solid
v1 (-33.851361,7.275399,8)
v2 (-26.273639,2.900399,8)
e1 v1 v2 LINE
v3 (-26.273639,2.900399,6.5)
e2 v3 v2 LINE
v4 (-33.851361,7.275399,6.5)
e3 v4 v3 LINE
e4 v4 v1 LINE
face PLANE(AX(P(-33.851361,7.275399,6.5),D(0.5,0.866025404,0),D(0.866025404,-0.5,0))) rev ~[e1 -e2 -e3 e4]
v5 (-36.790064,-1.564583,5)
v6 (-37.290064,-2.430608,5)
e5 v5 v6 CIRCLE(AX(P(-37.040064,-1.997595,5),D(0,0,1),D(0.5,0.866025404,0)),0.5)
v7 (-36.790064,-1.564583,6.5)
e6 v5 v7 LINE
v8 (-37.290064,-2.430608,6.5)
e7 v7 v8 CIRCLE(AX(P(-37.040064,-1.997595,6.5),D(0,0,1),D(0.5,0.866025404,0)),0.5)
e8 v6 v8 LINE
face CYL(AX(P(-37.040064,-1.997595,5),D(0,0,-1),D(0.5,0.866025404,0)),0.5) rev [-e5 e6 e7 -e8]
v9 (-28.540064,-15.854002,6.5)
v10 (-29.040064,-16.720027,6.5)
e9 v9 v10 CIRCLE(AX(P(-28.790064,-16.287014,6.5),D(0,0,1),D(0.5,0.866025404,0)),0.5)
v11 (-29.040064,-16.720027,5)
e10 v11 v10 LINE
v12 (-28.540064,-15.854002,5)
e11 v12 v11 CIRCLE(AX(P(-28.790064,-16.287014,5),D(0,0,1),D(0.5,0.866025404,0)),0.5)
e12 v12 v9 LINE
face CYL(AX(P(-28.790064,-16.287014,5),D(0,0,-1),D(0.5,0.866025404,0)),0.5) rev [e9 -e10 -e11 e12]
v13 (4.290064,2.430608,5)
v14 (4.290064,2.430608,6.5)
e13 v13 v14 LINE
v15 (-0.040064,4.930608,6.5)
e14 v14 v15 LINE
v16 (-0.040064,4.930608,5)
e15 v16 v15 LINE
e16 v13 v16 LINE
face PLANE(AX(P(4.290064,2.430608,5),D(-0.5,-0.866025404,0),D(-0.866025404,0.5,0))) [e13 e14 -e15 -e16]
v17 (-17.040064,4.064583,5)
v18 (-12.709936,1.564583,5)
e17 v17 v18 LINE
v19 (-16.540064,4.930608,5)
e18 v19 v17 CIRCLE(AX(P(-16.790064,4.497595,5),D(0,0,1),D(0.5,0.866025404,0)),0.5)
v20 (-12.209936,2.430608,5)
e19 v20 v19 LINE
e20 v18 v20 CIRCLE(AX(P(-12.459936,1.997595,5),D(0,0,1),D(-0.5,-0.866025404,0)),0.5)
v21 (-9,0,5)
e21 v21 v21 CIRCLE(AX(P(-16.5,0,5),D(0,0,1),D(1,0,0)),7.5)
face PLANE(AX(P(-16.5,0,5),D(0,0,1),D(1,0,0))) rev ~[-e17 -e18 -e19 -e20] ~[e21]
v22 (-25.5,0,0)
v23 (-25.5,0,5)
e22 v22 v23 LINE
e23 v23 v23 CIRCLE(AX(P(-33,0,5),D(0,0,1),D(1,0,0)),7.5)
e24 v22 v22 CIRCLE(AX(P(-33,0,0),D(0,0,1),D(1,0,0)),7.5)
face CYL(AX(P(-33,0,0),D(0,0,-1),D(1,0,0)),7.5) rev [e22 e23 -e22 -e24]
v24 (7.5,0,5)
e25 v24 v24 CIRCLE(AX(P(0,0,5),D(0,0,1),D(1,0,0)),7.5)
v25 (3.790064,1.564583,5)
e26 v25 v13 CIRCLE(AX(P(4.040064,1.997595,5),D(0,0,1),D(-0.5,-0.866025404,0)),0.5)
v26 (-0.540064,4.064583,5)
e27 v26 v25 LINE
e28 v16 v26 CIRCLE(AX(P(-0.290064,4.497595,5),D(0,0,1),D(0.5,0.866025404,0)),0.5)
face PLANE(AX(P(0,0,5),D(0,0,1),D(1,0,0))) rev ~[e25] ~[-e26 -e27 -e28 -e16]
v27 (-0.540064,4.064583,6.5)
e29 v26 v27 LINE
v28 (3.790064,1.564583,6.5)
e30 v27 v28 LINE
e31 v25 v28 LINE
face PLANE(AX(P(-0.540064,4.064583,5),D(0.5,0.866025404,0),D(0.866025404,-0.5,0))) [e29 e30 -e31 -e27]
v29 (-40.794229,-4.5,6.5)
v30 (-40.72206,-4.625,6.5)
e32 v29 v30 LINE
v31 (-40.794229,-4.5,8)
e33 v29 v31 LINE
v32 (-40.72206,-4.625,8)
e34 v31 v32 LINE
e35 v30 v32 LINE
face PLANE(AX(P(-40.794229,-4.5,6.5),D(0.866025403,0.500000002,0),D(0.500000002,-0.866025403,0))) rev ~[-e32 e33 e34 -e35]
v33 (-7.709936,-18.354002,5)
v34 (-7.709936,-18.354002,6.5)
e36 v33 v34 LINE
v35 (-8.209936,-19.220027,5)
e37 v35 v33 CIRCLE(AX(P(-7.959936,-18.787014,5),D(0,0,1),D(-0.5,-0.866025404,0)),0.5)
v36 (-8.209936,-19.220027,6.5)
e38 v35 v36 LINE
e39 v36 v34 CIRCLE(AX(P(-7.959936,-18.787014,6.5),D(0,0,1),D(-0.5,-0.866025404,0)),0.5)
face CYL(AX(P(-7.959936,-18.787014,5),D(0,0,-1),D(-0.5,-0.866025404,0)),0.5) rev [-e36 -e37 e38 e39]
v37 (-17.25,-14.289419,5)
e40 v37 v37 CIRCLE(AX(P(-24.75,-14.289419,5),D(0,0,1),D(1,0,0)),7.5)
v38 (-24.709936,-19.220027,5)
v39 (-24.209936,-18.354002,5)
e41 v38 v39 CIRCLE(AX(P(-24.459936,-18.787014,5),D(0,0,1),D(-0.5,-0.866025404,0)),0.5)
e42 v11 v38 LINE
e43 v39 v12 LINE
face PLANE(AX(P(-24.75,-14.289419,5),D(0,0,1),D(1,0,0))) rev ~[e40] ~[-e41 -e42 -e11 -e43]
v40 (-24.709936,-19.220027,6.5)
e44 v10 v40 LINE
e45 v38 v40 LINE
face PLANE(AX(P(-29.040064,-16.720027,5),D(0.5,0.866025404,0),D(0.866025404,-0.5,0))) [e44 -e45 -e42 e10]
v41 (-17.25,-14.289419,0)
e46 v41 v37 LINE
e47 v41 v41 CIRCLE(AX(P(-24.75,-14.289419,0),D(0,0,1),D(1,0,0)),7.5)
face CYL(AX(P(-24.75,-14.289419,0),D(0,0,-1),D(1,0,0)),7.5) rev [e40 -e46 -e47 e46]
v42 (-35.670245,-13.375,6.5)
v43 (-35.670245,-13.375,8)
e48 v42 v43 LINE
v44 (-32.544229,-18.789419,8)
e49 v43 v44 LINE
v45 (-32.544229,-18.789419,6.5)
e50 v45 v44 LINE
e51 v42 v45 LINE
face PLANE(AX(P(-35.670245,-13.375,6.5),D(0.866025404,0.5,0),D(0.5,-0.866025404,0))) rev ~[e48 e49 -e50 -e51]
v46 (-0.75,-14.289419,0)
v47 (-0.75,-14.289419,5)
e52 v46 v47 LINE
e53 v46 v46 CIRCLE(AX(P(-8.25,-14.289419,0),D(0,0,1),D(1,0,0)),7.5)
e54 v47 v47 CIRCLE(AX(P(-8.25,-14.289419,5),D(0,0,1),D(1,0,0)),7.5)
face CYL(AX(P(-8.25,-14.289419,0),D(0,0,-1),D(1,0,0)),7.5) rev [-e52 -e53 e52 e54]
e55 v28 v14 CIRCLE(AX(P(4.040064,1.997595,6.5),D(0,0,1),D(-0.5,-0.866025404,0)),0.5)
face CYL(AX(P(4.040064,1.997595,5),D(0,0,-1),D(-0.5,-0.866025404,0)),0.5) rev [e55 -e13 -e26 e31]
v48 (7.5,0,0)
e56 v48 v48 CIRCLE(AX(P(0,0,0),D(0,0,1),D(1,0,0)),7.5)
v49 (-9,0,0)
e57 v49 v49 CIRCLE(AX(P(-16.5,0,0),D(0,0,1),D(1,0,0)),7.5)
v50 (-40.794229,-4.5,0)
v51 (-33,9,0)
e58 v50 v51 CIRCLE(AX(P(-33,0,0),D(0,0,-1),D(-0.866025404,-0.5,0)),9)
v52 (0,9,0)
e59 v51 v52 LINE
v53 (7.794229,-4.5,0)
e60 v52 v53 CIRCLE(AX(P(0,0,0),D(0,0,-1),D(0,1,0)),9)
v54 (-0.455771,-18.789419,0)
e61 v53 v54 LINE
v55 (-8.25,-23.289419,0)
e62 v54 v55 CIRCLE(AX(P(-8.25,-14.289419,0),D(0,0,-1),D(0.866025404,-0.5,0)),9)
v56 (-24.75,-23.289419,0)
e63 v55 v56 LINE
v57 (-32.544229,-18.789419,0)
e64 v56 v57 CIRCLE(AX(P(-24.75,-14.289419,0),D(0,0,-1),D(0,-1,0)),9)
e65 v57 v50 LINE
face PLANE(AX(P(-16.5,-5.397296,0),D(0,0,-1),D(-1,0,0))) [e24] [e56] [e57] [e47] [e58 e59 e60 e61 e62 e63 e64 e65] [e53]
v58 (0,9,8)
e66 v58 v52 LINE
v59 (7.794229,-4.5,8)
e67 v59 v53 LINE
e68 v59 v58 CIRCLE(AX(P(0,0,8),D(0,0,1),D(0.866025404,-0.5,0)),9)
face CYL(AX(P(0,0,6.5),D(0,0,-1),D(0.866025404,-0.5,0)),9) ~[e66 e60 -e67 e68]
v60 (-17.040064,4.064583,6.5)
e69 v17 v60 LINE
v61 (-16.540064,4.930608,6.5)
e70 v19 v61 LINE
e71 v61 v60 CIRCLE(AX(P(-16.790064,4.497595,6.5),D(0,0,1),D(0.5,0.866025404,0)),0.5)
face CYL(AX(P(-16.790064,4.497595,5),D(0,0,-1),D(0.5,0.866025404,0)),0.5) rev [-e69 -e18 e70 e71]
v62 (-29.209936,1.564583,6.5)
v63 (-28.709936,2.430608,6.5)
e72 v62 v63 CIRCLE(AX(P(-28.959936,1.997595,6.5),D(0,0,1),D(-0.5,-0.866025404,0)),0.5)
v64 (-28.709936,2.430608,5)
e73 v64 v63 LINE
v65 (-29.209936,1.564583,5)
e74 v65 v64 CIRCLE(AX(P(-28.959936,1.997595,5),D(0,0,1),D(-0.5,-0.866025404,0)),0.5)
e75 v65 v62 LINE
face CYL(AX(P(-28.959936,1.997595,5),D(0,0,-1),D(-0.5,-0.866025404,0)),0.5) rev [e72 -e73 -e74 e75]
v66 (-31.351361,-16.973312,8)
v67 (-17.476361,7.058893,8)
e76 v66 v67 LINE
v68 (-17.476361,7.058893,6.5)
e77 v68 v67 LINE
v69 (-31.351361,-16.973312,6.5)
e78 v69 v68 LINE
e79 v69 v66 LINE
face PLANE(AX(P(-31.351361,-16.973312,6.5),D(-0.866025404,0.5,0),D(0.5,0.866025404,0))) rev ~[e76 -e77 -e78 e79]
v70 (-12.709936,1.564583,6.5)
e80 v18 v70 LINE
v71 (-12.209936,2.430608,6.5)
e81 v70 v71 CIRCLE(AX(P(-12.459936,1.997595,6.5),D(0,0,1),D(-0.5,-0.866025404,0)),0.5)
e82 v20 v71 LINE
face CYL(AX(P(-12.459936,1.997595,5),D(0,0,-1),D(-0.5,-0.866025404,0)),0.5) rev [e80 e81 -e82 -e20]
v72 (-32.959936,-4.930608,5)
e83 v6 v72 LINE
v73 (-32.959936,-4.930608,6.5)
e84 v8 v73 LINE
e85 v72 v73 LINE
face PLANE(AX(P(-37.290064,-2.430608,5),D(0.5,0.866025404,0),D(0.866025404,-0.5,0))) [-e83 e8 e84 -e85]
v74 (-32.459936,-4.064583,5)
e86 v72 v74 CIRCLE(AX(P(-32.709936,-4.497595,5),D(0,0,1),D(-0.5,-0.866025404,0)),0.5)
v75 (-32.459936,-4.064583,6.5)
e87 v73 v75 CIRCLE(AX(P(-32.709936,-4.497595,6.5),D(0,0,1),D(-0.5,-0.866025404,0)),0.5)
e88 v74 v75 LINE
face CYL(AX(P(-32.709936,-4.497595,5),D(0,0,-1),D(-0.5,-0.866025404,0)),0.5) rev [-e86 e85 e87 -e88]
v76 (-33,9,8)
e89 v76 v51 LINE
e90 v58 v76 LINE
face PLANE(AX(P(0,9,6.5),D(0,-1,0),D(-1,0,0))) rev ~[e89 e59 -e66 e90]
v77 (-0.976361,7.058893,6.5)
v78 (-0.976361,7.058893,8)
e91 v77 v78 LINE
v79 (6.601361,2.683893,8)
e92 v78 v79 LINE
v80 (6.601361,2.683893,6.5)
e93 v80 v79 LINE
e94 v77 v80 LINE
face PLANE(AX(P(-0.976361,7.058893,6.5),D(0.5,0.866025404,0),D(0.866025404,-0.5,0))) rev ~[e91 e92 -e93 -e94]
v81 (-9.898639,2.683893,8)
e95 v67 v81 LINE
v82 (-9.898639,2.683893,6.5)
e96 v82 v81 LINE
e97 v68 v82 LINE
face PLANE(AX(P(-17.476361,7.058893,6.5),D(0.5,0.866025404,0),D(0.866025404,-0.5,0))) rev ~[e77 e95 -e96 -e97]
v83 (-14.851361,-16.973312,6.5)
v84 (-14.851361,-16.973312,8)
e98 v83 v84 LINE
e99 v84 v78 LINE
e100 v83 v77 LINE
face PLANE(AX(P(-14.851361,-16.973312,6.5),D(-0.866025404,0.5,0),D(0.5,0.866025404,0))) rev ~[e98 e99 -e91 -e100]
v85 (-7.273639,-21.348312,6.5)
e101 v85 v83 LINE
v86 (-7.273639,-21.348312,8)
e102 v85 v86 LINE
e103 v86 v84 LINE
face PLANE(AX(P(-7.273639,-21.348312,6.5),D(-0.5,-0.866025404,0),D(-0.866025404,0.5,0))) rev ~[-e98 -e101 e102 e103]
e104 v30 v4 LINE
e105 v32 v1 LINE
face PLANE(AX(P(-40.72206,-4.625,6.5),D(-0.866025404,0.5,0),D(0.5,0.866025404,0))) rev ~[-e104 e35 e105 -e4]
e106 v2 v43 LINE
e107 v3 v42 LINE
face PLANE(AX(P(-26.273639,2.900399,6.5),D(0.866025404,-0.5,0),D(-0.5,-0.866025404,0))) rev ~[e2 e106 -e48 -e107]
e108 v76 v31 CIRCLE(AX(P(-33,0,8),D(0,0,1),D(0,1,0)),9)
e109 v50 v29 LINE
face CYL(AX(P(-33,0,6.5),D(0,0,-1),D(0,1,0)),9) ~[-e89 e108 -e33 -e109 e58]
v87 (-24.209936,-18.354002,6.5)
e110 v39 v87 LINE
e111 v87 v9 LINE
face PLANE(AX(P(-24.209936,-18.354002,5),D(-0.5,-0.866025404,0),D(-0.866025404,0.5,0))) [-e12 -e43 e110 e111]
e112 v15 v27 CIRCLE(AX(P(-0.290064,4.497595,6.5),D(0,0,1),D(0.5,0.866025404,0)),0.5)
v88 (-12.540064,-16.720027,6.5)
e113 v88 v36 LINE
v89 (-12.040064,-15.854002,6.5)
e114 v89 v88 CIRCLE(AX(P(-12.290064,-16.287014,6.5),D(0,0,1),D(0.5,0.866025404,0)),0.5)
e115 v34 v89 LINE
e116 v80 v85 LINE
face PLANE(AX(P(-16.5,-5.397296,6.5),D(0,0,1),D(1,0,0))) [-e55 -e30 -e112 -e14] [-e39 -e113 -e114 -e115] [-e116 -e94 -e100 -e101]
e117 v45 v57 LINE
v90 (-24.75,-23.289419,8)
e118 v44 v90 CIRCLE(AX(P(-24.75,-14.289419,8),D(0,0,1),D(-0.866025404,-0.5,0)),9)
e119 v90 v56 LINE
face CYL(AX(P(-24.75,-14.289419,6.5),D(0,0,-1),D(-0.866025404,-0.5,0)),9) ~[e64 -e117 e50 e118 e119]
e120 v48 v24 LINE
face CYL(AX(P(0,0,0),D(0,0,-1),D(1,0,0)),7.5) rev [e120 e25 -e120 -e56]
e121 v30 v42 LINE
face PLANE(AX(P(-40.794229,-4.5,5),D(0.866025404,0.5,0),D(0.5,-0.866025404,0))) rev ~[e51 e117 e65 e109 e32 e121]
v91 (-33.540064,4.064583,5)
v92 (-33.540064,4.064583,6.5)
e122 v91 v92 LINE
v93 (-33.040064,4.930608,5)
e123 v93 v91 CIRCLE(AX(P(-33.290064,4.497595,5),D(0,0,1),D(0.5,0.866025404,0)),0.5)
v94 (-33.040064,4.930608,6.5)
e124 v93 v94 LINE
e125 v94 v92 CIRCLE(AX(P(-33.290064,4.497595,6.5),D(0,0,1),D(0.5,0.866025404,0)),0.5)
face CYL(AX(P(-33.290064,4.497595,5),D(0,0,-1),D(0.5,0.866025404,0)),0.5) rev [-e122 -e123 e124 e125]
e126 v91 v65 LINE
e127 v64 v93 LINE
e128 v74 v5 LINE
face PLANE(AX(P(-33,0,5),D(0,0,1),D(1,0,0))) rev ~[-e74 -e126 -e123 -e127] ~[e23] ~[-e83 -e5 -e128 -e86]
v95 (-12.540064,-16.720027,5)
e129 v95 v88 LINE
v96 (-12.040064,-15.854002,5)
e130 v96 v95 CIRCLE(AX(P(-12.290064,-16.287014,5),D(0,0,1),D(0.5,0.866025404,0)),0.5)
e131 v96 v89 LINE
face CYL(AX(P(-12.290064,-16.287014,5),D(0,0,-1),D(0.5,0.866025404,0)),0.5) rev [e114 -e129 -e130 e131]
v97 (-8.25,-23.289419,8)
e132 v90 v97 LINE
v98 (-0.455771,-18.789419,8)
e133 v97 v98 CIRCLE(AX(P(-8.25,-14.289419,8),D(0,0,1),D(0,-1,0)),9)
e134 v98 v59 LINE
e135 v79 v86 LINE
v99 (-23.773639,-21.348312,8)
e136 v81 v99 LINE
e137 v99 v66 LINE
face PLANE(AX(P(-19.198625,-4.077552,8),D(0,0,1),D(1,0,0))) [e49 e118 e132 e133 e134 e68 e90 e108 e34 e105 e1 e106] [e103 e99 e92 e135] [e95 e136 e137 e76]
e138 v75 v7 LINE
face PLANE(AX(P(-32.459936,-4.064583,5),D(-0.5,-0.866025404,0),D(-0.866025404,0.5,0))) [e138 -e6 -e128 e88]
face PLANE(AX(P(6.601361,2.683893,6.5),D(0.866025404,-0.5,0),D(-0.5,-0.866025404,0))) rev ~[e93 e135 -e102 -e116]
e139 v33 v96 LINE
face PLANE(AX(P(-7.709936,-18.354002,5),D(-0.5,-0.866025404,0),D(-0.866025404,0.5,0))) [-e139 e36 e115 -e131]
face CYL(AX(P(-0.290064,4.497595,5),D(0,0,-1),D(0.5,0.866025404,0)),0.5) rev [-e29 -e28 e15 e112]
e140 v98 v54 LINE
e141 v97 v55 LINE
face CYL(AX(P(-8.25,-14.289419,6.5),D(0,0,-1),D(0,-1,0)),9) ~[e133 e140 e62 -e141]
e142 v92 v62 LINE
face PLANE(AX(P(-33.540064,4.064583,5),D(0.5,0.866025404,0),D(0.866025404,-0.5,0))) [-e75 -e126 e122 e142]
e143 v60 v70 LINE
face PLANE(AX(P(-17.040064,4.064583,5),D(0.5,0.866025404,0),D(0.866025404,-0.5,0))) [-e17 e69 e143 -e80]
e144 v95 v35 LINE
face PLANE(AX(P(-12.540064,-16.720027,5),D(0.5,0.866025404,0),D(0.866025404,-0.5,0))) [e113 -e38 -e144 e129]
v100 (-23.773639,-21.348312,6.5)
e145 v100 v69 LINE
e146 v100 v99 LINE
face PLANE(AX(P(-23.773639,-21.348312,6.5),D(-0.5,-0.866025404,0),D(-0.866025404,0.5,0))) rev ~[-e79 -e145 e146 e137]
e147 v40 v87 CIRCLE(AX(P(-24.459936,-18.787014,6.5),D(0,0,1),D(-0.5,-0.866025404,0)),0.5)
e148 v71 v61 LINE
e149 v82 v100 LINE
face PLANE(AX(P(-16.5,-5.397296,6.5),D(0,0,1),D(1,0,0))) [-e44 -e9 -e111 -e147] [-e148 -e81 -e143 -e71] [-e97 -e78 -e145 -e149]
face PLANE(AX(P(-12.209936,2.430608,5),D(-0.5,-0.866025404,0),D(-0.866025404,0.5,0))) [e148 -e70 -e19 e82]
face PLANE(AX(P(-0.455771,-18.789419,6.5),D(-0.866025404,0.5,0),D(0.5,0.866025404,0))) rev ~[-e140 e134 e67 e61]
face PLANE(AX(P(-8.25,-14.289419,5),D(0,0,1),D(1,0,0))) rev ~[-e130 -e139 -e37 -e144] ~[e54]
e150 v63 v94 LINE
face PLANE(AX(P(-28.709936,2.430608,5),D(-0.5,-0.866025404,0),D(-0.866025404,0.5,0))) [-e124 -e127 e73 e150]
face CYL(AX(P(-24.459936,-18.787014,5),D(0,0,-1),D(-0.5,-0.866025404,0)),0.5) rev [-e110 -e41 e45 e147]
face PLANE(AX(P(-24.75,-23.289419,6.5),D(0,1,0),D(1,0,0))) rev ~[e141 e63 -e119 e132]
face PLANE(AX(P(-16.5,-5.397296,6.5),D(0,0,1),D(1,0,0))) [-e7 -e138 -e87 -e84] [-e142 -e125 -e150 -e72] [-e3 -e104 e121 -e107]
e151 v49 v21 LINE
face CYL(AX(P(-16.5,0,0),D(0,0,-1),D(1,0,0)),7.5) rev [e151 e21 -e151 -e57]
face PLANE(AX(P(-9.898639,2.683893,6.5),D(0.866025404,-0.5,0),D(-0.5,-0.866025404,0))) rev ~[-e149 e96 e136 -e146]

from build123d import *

# Parameters (mm, degrees)
SKETCH1_R           = 7.5
BOSS_EXTRUDE1_DEPTH = 5
SKETCH2_R           = 7.5
BOSS_EXTRUDE2_DEPTH = 1.5
BOSS_EXTRUDE3_DEPTH = 1.5


with BuildPart() as part:
    # Sketch1 → Boss-Extrude1 (new body)
    with BuildSketch(Plane.XY):
        with BuildLine():
            Line((7.794228634, -4.5), (-0.455771366, -18.789419162))
            ThreePointArc((-0.455771366, -18.789419162), (-3.75, -22.083647797), (-8.25, -23.289419162))
            Line((-8.25, -23.289419162), (-24.75, -23.289419162))
            ThreePointArc((-24.75, -23.289419162), (-29.25, -22.083647797), (-32.544228634, -18.789419162))
            Line((-32.544228634, -18.789419162), (-40.794228634, -4.5))
            ThreePointArc((-40.794228634, -4.5), (-40.794228634, 4.5), (-33, 9))
            Line((-33, 9), (0, 9))
            ThreePointArc((0, 9), (7.794228634, 4.5), (7.794228634, -4.5))
        make_face()
        with Locations((-24.75, -14.289419162)):
            Circle(SKETCH1_R, mode=Mode.SUBTRACT)
        with Locations((-16.5, 0)):
            Circle(SKETCH1_R, mode=Mode.SUBTRACT)
        Circle(SKETCH1_R, mode=Mode.SUBTRACT)
        with Locations((-8.25, -14.289419162)):
            Circle(SKETCH1_R, mode=Mode.SUBTRACT)
        with Locations((-33, 0)):
            Circle(SKETCH1_R, mode=Mode.SUBTRACT)
    extrude(amount=BOSS_EXTRUDE1_DEPTH)

    # Sketch2 → Boss-Extrude2 (add)
    # profile 1 of 6: a face of its own
    with BuildSketch(Plane.XY.offset(5)):
        with BuildLine():
            Line((-0.455771366, -18.789419162), (7.794228634, -4.5))
            ThreePointArc((7.794228634, -4.5), (7.794228634, 4.5), (0, 9))
            Line((0, 9), (-33, 9))
            ThreePointArc((-33, 9), (-40.794228634, 4.5), (-40.794228634, -4.5))
            Line((-40.794228634, -4.5), (-32.544228634, -18.789419162))
            ThreePointArc((-32.544228634, -18.789419162), (-29.25, -22.083647797), (-24.75, -23.289419162))
            Line((-24.75, -23.289419162), (-8.25, -23.289419162))
            ThreePointArc((-8.25, -23.289419162), (-3.75, -22.083647797), (-0.455771366, -18.789419162))
        make_face()
        Circle(SKETCH2_R, mode=Mode.SUBTRACT)
        with Locations((-16.5, 0)):
            Circle(SKETCH2_R, mode=Mode.SUBTRACT)
        with Locations((-33, 0)):
            Circle(SKETCH2_R, mode=Mode.SUBTRACT)
        with Locations((-24.75, -14.289419162)):
            Circle(SKETCH2_R, mode=Mode.SUBTRACT)
        with Locations((-8.25, -14.289419162)):
            Circle(SKETCH2_R, mode=Mode.SUBTRACT)
    # profile 2 of 6: a face of its own
    with BuildSketch(Plane.XY.offset(5)):
        with Locations((-8.25, -14.289419162)):
            Circle(SKETCH2_R)
        with BuildLine():
            ThreePointArc((-12.040063509, -15.854001725), (-12.723076211, -16.037014427), (-12.540063509, -16.720027129))
            Line((-12.540063509, -16.720027129), (-8.209936491, -19.220027129))
            ThreePointArc((-8.209936491, -19.220027129), (-7.526923789, -19.037014427), (-7.709936491, -18.354001725))
            Line((-7.709936491, -18.354001725), (-12.040063509, -15.854001725))
        make_face(mode=Mode.SUBTRACT)
    # profile 3 of 6: a face of its own
    with BuildSketch(Plane.XY.offset(5)):
        Circle(SKETCH2_R)
        with BuildLine():
            ThreePointArc((-0.040063509, 4.930607966), (-0.723076211, 4.747595264), (-0.540063509, 4.064582562))
            Line((-0.540063509, 4.064582562), (3.790063509, 1.564582562))
            ThreePointArc((3.790063509, 1.564582562), (4.473076211, 1.747595264), (4.290063509, 2.430607966))
            Line((4.290063509, 2.430607966), (-0.040063509, 4.930607966))
        make_face(mode=Mode.SUBTRACT)
    # profile 4 of 6: a face of its own
    with BuildSketch(Plane.XY.offset(5)):
        with Locations((-16.5, 0)):
            Circle(SKETCH2_R)
        with BuildLine():
            ThreePointArc((-16.540063509, 4.930607966), (-17.223076211, 4.747595264), (-17.040063509, 4.064582562))
            Line((-17.040063509, 4.064582562), (-12.709936491, 1.564582562))
            ThreePointArc((-12.709936491, 1.564582562), (-12.026923789, 1.747595264), (-12.209936491, 2.430607966))
            Line((-12.209936491, 2.430607966), (-16.540063509, 4.930607966))
        make_face(mode=Mode.SUBTRACT)
    # profile 5 of 6: a face of its own
    with BuildSketch(Plane.XY.offset(5)):
        with Locations((-24.75, -14.289419162)):
            Circle(SKETCH2_R)
        with BuildLine():
            ThreePointArc((-28.540063509, -15.854001725), (-29.223076211, -16.037014427), (-29.040063509, -16.720027129))
            Line((-29.040063509, -16.720027129), (-24.709936491, -19.220027129))
            ThreePointArc((-24.709936491, -19.220027129), (-24.026923789, -19.037014427), (-24.209936491, -18.354001725))
            Line((-24.209936491, -18.354001725), (-28.540063509, -15.854001725))
        make_face(mode=Mode.SUBTRACT)
    # profile 6 of 6: a face of its own
    with BuildSketch(Plane.XY.offset(5)):
        with Locations((-33, 0)):
            Circle(SKETCH2_R)
        with BuildLine():
            ThreePointArc((-36.790063509, -1.564582562), (-37.473076211, -1.747595264), (-37.290063509, -2.430607966))
            Line((-37.290063509, -2.430607966), (-32.959936491, -4.930607966))
            ThreePointArc((-32.959936491, -4.930607966), (-32.276923789, -4.747595264), (-32.459936491, -4.064582562))
            Line((-32.459936491, -4.064582562), (-36.790063509, -1.564582562))
        make_face(mode=Mode.SUBTRACT)
        with BuildLine():
            ThreePointArc((-33.040063509, 4.930607966), (-33.723076211, 4.747595264), (-33.540063509, 4.064582562))
            Line((-33.540063509, 4.064582562), (-29.209936491, 1.564582562))
            ThreePointArc((-29.209936491, 1.564582562), (-28.526923789, 1.747595264), (-28.709936491, 2.430607966))
            Line((-28.709936491, 2.430607966), (-33.040063509, 4.930607966))
        make_face(mode=Mode.SUBTRACT)
    extrude(amount=BOSS_EXTRUDE2_DEPTH)

    # Sketch3 → Boss-Extrude3 (add)
    with BuildSketch(Plane.XY.offset(6.5)):
        with BuildLine():
            ThreePointArc((-33, 9), (-40.794228634, 4.5), (-40.794228634, -4.5))
            Line((-40.794228634, -4.5), (-40.72205985, -4.625))
            Line((-40.72205985, -4.625), (-33.851361142, 7.275399247))
            Line((-33.851361142, 7.275399247), (-26.273638858, 2.900399247))
            Line((-26.273638858, 2.900399247), (-35.670244995, -13.375))
            Line((-35.670244995, -13.375), (-32.544228634, -18.789419162))
            ThreePointArc((-32.544228634, -18.789419162), (-29.25, -22.083647797), (-24.75, -23.289419162))
            Line((-24.75, -23.289419162), (-8.25, -23.289419162))
            ThreePointArc((-8.25, -23.289419162), (-3.75, -22.083647797), (-0.455771366, -18.789419162))
            Line((-0.455771366, -18.789419162), (7.794228634, -4.5))
            ThreePointArc((7.794228634, -4.5), (7.794228634, 4.5), (0, 9))
            Line((0, 9), (-33, 9))
        make_face()
        Polygon((-17.476361142, 7.058892896), (-9.898638858, 2.683892896), (-23.773638858, -21.348312059), (-31.351361142, -16.973312059), align=None, mode=Mode.SUBTRACT)
        Polygon((-0.976361142, 7.058892896), (6.601361142, 2.683892896), (-7.273638858, -21.348312059), (-14.851361142, -16.973312059), align=None, mode=Mode.SUBTRACT)
    extrude(amount=BOSS_EXTRUDE3_DEPTH)


solid = part.part
